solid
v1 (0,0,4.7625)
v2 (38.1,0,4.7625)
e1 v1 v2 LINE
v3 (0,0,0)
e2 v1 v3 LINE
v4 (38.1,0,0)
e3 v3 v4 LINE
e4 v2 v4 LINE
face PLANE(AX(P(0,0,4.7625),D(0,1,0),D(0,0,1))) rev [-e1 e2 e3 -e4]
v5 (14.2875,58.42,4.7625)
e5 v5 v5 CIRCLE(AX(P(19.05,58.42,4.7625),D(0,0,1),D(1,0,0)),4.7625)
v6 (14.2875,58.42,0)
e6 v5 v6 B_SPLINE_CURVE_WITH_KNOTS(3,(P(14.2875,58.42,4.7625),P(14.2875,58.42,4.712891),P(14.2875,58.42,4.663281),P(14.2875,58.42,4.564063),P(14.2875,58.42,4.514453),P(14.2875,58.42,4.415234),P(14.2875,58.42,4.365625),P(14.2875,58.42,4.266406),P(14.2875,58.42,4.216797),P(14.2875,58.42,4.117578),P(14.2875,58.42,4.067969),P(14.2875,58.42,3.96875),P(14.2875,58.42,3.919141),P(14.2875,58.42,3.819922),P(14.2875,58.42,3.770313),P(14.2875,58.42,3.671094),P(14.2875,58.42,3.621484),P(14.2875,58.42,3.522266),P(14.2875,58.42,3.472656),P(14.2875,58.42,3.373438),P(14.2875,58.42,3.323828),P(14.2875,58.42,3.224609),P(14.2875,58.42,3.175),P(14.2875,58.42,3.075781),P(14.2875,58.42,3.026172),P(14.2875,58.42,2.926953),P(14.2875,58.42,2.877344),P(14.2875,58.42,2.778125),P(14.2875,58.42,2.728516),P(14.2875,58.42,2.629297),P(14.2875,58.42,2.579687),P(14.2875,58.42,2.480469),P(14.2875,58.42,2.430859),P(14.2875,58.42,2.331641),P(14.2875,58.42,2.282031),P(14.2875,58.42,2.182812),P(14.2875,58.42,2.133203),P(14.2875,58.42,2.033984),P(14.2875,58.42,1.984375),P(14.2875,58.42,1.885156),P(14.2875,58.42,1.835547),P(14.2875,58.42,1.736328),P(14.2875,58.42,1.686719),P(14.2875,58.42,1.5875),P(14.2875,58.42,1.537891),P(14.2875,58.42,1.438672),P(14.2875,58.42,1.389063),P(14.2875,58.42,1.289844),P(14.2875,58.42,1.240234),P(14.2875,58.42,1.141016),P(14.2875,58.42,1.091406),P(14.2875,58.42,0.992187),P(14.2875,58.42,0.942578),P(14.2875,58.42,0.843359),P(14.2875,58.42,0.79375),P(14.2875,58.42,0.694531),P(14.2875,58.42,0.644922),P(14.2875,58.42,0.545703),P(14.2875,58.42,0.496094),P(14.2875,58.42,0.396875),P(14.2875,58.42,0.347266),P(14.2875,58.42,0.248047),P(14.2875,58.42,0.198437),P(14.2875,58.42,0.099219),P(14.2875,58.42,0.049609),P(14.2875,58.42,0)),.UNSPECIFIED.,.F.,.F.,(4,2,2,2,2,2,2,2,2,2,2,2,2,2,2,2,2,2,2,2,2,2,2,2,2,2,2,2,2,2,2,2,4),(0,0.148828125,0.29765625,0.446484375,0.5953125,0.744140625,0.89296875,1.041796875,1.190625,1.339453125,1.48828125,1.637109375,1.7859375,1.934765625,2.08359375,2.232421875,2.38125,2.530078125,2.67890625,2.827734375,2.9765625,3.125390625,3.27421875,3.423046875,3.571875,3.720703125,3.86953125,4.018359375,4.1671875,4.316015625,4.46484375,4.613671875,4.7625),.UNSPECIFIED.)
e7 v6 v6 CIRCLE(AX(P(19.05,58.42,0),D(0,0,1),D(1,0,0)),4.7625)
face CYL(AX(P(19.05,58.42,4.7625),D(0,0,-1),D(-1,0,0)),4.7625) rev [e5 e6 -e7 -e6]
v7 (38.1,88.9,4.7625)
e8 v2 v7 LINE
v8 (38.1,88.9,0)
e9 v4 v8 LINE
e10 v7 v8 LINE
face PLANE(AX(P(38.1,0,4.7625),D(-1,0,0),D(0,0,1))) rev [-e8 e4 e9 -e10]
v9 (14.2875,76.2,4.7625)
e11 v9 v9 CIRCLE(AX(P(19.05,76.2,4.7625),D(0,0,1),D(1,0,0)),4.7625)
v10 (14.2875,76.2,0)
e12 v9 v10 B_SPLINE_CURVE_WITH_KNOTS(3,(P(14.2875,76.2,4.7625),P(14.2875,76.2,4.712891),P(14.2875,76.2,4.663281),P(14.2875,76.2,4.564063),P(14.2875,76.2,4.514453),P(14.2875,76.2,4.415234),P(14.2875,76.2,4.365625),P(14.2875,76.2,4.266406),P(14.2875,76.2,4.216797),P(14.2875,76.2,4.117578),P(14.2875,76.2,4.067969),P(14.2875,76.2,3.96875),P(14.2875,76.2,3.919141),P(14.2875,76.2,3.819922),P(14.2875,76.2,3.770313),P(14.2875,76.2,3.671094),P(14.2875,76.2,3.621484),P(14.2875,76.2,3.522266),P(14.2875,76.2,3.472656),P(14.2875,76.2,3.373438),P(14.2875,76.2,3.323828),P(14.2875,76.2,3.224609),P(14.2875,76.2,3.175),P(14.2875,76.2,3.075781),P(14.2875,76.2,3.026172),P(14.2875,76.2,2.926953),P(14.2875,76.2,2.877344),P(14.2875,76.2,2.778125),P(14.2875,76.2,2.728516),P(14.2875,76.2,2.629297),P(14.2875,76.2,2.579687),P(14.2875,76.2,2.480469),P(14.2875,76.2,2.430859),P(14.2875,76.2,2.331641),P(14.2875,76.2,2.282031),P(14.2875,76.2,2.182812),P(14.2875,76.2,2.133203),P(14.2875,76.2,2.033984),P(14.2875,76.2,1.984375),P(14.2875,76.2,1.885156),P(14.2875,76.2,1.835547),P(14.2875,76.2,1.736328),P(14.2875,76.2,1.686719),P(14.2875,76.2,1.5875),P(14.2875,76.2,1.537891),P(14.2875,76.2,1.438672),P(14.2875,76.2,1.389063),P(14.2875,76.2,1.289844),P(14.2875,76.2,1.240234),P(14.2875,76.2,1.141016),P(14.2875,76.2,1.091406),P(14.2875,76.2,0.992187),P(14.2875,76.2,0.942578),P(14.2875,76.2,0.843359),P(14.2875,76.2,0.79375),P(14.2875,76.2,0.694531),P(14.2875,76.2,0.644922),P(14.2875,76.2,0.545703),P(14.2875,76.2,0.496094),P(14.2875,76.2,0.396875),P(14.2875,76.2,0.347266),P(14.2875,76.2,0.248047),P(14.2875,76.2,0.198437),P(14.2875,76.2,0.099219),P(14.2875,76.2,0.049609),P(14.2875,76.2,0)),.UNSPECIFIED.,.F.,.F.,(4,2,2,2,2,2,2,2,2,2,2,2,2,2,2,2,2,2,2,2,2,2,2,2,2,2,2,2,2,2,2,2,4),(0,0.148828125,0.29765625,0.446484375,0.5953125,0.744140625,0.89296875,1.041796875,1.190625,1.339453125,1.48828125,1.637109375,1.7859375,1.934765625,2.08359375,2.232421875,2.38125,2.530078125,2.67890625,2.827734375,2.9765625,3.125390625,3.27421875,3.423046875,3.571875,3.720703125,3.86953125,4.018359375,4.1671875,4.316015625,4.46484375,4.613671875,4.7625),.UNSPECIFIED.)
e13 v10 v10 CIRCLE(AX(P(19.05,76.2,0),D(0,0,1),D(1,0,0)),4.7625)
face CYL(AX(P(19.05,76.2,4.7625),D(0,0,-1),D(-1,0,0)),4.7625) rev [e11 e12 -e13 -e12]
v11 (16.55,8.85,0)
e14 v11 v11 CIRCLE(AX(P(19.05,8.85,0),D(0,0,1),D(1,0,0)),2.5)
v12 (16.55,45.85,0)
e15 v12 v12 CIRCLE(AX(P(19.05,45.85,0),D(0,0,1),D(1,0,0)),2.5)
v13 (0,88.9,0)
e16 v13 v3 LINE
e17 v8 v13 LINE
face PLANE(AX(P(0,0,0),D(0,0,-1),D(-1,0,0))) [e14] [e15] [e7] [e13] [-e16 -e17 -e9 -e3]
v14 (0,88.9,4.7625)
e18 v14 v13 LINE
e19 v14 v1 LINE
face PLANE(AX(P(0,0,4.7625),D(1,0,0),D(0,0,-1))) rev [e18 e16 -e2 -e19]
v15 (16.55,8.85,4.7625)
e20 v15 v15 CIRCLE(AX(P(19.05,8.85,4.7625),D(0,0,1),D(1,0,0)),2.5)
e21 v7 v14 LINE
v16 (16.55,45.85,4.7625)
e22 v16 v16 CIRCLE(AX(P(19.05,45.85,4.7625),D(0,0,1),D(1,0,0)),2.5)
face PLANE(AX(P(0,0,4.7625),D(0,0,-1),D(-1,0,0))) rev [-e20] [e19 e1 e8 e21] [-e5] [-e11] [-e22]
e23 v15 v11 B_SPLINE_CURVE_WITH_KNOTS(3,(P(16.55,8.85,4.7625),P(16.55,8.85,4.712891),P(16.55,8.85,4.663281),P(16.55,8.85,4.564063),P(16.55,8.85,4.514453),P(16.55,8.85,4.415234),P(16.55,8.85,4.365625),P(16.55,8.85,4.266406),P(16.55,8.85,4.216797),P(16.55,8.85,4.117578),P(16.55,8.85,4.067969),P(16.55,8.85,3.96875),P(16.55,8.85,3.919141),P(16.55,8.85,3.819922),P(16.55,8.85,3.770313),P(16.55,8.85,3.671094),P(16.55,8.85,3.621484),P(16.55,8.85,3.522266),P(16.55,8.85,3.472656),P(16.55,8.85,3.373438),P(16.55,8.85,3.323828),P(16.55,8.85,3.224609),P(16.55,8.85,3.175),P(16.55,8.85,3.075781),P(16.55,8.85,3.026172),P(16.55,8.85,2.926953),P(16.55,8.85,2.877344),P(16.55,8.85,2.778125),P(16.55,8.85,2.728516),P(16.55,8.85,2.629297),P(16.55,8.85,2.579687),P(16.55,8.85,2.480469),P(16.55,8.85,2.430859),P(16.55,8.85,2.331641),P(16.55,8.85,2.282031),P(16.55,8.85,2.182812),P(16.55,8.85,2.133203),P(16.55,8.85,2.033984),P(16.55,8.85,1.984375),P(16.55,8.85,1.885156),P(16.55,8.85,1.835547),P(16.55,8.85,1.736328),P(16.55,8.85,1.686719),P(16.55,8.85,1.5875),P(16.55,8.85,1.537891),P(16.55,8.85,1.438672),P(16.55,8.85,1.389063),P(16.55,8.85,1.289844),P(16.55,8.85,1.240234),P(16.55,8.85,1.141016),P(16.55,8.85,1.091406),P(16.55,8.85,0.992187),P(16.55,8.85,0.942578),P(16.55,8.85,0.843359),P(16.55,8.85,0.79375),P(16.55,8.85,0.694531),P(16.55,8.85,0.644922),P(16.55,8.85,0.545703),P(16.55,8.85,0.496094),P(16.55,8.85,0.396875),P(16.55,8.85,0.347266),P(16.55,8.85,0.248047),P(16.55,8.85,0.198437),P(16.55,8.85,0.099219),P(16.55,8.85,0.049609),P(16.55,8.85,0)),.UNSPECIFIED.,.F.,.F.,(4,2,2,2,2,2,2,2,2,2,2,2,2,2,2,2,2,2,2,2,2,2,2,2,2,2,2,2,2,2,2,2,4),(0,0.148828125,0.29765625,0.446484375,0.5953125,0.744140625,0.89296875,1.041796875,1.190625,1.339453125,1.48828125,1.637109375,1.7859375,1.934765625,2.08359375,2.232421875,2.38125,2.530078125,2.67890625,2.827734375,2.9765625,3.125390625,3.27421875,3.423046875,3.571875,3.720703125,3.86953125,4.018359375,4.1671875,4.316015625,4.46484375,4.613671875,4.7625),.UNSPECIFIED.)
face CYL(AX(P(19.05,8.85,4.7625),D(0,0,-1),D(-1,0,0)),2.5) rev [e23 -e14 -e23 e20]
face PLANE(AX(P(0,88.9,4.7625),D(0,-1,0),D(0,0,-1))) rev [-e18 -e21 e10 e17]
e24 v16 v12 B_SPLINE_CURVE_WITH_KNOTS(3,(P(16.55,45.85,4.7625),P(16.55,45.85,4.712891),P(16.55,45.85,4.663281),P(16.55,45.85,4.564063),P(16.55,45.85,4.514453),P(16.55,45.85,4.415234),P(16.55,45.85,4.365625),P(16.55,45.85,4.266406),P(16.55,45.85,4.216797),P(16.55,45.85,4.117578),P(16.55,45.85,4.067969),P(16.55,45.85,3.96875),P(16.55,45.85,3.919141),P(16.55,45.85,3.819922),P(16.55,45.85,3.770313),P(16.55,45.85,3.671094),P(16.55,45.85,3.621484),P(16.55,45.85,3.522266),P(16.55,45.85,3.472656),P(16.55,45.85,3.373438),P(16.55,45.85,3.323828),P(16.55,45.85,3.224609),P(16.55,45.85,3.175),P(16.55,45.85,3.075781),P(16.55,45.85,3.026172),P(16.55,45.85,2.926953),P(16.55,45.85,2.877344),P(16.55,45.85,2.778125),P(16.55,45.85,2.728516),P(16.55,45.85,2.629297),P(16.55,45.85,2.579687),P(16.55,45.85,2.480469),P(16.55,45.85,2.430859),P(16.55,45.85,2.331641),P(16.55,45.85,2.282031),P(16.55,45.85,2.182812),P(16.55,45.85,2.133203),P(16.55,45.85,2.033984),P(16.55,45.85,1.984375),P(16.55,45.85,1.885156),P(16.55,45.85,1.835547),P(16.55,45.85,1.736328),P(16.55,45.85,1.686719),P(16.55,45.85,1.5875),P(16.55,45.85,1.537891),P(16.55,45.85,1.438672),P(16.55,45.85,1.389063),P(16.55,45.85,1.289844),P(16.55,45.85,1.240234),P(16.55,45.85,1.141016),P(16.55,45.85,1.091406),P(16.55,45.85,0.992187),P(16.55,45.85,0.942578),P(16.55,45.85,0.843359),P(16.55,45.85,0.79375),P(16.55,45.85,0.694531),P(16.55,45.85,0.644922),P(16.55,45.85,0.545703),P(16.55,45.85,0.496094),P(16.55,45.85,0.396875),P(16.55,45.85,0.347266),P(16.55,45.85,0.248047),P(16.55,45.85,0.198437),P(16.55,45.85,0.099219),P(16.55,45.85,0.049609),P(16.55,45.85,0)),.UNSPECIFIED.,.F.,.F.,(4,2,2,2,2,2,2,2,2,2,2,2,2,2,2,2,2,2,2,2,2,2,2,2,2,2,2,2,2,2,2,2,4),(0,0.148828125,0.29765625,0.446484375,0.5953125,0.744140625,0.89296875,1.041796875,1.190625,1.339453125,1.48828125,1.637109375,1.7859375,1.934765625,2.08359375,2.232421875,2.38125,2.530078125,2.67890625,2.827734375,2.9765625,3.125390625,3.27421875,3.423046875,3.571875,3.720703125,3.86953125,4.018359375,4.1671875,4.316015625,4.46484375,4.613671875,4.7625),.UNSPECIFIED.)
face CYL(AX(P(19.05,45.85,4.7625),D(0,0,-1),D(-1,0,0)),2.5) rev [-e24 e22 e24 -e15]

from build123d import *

# Parameters (mm, degrees)
SKETCH1_W           = 38.1
SKETCH1_H           = 88.9
SKETCH1_R           = 2.5
SKETCH1_R_2         = 4.7625
BOSS_EXTRUDE1_DEPTH = 4.7625


with BuildPart() as part:
    # Sketch1 → Boss-Extrude1 (new body)
    with BuildSketch(Plane.XY):
        with Locations((19.05, 44.45)):
            Rectangle(SKETCH1_W, SKETCH1_H)
        with Locations(Location((19.05, 8.85, 0), (0, 0, 180))):
            Circle(SKETCH1_R, mode=Mode.SUBTRACT)
        with Locations(Location((19.05, 45.85, 0), (0, 0, 180))):
            Circle(SKETCH1_R, mode=Mode.SUBTRACT)
        with Locations(Location((19.05, 76.2, 0), (0, 0, 180))):
            Circle(SKETCH1_R_2, mode=Mode.SUBTRACT)
        with Locations(Location((19.05, 58.42, 0), (0, 0, 180))):
            Circle(SKETCH1_R_2, mode=Mode.SUBTRACT)
    extrude(amount=BOSS_EXTRUDE1_DEPTH)


solid = part.part
